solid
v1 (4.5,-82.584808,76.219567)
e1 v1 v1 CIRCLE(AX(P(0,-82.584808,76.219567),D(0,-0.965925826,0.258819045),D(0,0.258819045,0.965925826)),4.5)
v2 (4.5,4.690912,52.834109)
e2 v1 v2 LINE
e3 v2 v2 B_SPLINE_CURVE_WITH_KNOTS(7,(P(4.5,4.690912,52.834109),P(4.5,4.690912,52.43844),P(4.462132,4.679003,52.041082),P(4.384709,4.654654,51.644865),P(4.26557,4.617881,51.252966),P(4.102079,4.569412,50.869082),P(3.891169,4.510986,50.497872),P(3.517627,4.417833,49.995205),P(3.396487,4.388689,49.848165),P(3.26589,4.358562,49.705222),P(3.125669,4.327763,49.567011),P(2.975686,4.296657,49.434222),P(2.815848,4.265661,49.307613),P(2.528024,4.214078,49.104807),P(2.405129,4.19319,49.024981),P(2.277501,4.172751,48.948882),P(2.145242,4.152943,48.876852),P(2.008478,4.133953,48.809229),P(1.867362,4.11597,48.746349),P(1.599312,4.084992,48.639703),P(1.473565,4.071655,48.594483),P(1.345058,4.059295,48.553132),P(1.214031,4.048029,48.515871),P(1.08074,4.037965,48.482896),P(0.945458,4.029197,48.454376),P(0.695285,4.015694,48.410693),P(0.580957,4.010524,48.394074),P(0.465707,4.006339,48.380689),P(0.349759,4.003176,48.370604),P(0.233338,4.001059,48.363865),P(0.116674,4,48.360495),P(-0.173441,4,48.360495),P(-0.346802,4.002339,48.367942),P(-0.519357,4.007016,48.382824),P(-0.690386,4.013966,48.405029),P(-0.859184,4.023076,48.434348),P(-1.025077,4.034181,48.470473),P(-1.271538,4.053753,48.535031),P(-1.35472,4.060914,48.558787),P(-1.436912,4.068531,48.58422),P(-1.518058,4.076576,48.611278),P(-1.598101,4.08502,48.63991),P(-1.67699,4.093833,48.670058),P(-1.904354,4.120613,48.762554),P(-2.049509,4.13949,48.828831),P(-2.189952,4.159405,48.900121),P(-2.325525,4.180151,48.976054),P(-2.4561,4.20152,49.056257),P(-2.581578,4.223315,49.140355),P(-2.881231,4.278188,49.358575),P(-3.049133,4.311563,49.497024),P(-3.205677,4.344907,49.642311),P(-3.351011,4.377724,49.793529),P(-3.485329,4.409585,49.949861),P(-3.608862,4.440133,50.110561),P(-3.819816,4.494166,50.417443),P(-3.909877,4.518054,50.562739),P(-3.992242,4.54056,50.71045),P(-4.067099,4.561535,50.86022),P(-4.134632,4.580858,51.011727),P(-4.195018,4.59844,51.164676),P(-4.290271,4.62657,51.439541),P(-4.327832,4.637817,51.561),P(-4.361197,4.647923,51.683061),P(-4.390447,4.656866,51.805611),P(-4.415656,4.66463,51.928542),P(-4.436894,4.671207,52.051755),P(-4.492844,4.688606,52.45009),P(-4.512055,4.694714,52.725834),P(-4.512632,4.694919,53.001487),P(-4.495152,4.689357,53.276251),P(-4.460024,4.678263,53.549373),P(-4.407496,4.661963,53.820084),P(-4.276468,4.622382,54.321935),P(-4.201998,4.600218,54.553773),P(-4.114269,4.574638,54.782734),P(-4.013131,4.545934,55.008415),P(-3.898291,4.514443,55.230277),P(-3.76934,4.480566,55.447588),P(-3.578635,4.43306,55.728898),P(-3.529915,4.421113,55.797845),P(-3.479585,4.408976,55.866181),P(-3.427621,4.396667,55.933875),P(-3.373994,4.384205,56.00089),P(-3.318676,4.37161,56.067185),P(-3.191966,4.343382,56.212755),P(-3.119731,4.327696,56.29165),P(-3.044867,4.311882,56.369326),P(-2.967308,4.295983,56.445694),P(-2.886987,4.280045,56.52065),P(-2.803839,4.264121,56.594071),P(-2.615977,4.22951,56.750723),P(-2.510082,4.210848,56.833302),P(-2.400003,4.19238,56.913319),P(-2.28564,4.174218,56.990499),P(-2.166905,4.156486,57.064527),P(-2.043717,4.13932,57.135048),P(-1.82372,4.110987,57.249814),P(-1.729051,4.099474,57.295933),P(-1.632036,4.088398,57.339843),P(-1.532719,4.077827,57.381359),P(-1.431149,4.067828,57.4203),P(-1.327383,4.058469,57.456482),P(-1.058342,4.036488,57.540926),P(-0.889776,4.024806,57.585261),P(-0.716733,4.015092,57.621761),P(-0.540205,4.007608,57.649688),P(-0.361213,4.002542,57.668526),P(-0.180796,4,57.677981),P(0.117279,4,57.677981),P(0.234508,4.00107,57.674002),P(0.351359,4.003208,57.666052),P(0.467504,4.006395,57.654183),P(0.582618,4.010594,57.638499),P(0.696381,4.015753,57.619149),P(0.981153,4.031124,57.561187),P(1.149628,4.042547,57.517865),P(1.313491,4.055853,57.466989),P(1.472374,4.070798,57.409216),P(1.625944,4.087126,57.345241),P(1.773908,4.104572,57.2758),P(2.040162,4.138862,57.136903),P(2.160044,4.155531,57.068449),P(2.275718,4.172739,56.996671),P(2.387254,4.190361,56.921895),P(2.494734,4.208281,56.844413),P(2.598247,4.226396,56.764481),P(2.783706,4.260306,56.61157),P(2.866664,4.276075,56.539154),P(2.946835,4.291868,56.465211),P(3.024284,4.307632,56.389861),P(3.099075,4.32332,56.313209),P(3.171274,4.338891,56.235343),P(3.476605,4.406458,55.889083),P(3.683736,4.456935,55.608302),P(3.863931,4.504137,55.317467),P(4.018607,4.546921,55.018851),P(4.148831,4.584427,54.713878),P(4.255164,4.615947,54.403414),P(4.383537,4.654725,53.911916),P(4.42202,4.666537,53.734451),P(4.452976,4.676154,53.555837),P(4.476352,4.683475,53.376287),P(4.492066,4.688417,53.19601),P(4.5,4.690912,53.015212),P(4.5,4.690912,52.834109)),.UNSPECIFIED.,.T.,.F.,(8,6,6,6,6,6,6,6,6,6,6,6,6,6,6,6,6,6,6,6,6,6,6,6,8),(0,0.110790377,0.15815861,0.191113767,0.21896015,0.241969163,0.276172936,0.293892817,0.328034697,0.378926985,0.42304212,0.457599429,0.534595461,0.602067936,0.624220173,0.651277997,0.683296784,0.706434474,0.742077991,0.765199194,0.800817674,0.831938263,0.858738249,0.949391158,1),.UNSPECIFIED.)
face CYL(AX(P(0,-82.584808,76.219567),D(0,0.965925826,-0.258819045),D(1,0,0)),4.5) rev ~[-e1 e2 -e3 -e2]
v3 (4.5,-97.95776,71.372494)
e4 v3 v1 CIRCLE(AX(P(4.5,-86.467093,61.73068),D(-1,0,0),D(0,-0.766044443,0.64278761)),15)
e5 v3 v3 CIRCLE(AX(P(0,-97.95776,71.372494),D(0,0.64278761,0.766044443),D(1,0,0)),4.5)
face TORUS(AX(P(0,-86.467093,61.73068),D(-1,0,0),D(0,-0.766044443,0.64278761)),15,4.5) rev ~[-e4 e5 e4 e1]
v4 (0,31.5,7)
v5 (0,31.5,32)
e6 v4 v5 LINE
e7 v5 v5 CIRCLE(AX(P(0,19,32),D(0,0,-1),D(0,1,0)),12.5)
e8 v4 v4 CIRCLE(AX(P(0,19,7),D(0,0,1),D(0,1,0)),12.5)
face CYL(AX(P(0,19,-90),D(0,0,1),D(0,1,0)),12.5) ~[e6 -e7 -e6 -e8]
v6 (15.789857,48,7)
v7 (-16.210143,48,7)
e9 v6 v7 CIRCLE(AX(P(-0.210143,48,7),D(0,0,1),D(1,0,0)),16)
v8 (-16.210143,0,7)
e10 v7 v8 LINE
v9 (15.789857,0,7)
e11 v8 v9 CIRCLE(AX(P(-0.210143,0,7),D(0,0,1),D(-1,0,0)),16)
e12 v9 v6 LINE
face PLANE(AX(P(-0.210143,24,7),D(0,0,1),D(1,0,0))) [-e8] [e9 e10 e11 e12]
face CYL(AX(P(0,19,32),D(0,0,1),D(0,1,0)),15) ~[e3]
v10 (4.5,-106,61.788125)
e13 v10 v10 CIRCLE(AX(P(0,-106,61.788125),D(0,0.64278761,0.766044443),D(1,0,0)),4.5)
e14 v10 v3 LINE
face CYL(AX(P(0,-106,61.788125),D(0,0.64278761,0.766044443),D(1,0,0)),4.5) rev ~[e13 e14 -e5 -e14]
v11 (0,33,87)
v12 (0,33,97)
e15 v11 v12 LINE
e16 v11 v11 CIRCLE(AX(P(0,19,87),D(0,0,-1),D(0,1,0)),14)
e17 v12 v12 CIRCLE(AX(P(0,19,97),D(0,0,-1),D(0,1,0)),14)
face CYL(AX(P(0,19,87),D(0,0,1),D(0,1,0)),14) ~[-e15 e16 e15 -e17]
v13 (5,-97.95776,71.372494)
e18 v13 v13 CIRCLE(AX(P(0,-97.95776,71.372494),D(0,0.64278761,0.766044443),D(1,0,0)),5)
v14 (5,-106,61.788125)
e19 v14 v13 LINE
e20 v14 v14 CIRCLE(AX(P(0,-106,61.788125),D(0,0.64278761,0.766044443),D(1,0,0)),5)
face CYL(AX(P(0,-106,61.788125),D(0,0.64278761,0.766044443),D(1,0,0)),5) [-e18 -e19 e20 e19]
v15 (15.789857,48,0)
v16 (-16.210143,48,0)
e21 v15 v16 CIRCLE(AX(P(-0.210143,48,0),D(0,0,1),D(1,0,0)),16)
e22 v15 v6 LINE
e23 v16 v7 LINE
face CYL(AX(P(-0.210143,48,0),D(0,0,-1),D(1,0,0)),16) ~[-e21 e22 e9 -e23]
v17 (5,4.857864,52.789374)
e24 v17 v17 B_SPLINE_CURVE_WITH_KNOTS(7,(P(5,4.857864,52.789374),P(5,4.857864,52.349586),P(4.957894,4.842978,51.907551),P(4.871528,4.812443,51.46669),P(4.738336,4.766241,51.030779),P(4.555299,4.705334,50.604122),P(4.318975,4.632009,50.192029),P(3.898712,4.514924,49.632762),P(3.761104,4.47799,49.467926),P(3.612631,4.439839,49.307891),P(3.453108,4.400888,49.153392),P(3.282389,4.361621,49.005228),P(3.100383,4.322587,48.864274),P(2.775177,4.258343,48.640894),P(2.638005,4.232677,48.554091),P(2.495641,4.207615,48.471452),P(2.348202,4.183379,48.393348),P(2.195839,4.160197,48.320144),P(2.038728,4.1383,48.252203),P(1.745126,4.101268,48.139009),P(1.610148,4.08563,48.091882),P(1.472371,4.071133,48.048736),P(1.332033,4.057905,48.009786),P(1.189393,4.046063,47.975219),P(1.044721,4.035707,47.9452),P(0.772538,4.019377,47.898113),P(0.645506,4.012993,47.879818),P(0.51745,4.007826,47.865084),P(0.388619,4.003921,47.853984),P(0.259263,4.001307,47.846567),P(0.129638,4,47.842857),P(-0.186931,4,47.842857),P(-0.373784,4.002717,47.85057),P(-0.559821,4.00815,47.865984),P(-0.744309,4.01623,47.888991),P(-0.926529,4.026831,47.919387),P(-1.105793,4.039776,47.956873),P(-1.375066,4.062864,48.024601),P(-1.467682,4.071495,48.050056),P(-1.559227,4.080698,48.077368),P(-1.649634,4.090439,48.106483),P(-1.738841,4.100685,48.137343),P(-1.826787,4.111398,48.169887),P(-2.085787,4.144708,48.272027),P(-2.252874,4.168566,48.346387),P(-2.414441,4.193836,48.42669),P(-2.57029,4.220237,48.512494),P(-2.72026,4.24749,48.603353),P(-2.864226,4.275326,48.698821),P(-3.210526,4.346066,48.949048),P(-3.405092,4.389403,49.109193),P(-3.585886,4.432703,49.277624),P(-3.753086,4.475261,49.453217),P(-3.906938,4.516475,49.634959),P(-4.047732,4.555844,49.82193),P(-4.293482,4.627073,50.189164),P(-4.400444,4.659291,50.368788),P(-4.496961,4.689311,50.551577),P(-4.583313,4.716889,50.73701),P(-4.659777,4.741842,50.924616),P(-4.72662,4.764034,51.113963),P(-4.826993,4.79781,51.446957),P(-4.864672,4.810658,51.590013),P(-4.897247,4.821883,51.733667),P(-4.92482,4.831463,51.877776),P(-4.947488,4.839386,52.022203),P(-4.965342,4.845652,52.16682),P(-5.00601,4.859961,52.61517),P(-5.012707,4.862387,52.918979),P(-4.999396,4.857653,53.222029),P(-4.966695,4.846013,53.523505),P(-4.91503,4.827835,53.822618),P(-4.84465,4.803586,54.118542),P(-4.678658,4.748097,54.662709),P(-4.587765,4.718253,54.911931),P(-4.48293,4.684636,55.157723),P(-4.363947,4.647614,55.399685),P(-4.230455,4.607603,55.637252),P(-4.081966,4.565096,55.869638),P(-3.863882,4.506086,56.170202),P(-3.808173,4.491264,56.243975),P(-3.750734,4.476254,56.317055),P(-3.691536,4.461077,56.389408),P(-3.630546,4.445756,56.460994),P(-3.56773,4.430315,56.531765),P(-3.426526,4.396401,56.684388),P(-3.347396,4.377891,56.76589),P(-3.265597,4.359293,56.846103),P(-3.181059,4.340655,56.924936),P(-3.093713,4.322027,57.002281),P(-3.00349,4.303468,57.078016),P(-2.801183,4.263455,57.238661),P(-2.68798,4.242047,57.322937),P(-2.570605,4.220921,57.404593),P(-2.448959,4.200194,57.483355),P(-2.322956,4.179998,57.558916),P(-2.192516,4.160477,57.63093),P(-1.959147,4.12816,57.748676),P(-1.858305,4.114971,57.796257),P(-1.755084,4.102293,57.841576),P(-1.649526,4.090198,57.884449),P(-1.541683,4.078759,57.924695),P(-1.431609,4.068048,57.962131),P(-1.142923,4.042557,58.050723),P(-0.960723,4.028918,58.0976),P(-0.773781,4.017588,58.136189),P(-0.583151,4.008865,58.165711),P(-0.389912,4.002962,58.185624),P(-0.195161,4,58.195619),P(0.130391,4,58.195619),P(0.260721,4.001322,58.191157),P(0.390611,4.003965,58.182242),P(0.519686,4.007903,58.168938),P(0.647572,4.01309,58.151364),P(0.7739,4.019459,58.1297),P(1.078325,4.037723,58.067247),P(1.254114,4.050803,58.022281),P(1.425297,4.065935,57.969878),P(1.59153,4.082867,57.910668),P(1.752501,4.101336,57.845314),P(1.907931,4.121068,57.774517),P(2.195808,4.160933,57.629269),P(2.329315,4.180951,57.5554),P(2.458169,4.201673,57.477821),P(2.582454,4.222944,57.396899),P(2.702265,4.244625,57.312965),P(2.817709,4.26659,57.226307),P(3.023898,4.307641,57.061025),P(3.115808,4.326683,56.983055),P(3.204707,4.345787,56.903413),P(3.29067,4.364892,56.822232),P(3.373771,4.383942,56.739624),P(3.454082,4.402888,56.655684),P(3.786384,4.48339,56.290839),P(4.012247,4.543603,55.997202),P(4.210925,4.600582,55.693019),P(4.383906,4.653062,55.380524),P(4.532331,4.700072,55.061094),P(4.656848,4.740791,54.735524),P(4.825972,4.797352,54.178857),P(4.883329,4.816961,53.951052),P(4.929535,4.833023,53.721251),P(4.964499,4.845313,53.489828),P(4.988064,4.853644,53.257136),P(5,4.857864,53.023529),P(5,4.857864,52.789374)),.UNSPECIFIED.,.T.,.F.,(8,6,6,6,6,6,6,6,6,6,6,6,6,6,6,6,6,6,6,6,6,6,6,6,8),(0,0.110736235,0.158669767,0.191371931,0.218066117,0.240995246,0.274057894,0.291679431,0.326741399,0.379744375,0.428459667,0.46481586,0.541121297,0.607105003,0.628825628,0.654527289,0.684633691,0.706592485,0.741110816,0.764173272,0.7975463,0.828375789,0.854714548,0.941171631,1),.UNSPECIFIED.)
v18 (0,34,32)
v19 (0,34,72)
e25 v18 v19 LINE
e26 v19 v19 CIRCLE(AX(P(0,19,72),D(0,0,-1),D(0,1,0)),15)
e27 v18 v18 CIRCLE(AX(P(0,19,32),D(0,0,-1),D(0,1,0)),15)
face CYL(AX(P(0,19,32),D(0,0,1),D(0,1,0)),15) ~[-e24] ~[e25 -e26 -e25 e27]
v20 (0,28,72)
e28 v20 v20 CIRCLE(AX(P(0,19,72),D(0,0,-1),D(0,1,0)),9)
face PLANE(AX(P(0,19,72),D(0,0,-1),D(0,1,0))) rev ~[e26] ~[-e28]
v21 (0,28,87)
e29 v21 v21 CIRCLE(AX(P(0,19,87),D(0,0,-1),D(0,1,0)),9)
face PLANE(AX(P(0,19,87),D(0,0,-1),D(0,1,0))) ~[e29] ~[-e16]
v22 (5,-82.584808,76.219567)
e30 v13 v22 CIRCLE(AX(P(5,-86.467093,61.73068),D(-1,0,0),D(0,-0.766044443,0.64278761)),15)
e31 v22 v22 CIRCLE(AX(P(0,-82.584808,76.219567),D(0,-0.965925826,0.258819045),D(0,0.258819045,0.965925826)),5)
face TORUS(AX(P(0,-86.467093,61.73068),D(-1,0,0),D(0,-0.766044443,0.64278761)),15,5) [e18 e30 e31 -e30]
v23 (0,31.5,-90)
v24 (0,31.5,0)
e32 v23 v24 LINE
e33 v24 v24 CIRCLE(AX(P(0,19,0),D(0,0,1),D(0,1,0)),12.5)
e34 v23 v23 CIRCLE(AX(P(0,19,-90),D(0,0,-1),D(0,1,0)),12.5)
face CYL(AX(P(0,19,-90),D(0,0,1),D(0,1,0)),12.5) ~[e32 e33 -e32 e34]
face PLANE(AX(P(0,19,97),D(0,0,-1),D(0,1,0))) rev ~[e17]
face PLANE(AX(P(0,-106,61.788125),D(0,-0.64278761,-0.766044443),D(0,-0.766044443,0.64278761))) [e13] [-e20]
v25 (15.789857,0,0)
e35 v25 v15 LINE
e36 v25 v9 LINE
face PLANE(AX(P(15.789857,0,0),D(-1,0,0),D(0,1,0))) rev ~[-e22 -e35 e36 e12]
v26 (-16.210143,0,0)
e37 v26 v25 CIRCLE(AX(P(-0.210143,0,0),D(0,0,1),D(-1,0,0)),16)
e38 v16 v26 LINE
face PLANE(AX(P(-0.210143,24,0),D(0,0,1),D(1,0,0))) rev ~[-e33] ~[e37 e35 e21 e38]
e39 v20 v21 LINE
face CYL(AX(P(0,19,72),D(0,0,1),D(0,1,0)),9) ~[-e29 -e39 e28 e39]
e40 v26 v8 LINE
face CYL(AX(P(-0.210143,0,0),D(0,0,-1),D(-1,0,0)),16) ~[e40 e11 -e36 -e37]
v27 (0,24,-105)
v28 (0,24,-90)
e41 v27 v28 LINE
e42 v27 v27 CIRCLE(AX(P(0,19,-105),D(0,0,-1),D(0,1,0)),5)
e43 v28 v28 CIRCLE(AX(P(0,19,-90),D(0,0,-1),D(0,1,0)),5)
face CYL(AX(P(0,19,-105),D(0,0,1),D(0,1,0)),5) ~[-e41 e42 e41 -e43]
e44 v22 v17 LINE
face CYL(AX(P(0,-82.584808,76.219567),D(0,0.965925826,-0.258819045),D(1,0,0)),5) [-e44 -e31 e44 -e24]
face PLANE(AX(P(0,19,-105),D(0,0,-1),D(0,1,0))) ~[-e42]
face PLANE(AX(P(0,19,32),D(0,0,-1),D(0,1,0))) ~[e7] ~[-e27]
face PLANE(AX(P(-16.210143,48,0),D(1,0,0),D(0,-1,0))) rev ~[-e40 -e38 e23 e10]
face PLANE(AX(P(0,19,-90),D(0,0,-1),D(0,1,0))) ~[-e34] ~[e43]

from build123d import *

# Parameters (mm, degrees)
F1_DEPTH = 7
F6_R     = 5
F6_R_2   = 4.5


with BuildPart() as f1:
    # F0 (on Top) → F1 (new body)
    with BuildSketch(Plane.XY):
        with BuildLine():
            Line((-16.2101432325, 48), (-16.2101432325, 0))
            ThreePointArc((-16.2101432325, 0), (-0.2101432325, -16), (15.7898567675, 0))
            Line((15.7898567675, 0), (15.7898567675, 48))
            ThreePointArc((15.7898567675, 48), (-0.2101432325, 64), (-16.2101432325, 48))
        make_face()
    extrude(amount=F1_DEPTH)

    # F2 (on Right) → F3 (revolve)
    with BuildSketch(Plane.YZ):
        Polygon((33, 97), (19, 97), (19, -105), (24, -105), (24, -90), (31.5, -90), (31.5, 32), (34, 32), (34, 72), (28, 72), (28, 87), (33, 87), align=None)
    revolve(axis=Axis((0, 19, -4), (0, 0, -1)))

    # F7: sweep along a path in F4
    with BuildLine(Plane.YZ) as f7_path:
        Line((-106, 61.7881254457), (-97.95775995, 71.3724939178))
        ThreePointArc((-97.95775995, 71.3724939178), (-90.9776802958, 76.0364340337), (-82.5848076267, 76.2195671668))
        Line((-82.5848076267, 76.2195671668), (19, 49))
    # F6 (on line) → F7 (sweep)
    with BuildSketch(Plane(origin=(0, -13.3719340922, -15.9360504943), x_dir=(1, 0, 0), z_dir=(0, -0.6427876097, -0.7660444431))):
        with Locations((0, 120.9173524329)):
            Circle(F6_R)
        with Locations((0, 120.9173524329)):
            Circle(F6_R_2, mode=Mode.SUBTRACT)
    sweep(path=f7_path.line)


solid = f1.part
